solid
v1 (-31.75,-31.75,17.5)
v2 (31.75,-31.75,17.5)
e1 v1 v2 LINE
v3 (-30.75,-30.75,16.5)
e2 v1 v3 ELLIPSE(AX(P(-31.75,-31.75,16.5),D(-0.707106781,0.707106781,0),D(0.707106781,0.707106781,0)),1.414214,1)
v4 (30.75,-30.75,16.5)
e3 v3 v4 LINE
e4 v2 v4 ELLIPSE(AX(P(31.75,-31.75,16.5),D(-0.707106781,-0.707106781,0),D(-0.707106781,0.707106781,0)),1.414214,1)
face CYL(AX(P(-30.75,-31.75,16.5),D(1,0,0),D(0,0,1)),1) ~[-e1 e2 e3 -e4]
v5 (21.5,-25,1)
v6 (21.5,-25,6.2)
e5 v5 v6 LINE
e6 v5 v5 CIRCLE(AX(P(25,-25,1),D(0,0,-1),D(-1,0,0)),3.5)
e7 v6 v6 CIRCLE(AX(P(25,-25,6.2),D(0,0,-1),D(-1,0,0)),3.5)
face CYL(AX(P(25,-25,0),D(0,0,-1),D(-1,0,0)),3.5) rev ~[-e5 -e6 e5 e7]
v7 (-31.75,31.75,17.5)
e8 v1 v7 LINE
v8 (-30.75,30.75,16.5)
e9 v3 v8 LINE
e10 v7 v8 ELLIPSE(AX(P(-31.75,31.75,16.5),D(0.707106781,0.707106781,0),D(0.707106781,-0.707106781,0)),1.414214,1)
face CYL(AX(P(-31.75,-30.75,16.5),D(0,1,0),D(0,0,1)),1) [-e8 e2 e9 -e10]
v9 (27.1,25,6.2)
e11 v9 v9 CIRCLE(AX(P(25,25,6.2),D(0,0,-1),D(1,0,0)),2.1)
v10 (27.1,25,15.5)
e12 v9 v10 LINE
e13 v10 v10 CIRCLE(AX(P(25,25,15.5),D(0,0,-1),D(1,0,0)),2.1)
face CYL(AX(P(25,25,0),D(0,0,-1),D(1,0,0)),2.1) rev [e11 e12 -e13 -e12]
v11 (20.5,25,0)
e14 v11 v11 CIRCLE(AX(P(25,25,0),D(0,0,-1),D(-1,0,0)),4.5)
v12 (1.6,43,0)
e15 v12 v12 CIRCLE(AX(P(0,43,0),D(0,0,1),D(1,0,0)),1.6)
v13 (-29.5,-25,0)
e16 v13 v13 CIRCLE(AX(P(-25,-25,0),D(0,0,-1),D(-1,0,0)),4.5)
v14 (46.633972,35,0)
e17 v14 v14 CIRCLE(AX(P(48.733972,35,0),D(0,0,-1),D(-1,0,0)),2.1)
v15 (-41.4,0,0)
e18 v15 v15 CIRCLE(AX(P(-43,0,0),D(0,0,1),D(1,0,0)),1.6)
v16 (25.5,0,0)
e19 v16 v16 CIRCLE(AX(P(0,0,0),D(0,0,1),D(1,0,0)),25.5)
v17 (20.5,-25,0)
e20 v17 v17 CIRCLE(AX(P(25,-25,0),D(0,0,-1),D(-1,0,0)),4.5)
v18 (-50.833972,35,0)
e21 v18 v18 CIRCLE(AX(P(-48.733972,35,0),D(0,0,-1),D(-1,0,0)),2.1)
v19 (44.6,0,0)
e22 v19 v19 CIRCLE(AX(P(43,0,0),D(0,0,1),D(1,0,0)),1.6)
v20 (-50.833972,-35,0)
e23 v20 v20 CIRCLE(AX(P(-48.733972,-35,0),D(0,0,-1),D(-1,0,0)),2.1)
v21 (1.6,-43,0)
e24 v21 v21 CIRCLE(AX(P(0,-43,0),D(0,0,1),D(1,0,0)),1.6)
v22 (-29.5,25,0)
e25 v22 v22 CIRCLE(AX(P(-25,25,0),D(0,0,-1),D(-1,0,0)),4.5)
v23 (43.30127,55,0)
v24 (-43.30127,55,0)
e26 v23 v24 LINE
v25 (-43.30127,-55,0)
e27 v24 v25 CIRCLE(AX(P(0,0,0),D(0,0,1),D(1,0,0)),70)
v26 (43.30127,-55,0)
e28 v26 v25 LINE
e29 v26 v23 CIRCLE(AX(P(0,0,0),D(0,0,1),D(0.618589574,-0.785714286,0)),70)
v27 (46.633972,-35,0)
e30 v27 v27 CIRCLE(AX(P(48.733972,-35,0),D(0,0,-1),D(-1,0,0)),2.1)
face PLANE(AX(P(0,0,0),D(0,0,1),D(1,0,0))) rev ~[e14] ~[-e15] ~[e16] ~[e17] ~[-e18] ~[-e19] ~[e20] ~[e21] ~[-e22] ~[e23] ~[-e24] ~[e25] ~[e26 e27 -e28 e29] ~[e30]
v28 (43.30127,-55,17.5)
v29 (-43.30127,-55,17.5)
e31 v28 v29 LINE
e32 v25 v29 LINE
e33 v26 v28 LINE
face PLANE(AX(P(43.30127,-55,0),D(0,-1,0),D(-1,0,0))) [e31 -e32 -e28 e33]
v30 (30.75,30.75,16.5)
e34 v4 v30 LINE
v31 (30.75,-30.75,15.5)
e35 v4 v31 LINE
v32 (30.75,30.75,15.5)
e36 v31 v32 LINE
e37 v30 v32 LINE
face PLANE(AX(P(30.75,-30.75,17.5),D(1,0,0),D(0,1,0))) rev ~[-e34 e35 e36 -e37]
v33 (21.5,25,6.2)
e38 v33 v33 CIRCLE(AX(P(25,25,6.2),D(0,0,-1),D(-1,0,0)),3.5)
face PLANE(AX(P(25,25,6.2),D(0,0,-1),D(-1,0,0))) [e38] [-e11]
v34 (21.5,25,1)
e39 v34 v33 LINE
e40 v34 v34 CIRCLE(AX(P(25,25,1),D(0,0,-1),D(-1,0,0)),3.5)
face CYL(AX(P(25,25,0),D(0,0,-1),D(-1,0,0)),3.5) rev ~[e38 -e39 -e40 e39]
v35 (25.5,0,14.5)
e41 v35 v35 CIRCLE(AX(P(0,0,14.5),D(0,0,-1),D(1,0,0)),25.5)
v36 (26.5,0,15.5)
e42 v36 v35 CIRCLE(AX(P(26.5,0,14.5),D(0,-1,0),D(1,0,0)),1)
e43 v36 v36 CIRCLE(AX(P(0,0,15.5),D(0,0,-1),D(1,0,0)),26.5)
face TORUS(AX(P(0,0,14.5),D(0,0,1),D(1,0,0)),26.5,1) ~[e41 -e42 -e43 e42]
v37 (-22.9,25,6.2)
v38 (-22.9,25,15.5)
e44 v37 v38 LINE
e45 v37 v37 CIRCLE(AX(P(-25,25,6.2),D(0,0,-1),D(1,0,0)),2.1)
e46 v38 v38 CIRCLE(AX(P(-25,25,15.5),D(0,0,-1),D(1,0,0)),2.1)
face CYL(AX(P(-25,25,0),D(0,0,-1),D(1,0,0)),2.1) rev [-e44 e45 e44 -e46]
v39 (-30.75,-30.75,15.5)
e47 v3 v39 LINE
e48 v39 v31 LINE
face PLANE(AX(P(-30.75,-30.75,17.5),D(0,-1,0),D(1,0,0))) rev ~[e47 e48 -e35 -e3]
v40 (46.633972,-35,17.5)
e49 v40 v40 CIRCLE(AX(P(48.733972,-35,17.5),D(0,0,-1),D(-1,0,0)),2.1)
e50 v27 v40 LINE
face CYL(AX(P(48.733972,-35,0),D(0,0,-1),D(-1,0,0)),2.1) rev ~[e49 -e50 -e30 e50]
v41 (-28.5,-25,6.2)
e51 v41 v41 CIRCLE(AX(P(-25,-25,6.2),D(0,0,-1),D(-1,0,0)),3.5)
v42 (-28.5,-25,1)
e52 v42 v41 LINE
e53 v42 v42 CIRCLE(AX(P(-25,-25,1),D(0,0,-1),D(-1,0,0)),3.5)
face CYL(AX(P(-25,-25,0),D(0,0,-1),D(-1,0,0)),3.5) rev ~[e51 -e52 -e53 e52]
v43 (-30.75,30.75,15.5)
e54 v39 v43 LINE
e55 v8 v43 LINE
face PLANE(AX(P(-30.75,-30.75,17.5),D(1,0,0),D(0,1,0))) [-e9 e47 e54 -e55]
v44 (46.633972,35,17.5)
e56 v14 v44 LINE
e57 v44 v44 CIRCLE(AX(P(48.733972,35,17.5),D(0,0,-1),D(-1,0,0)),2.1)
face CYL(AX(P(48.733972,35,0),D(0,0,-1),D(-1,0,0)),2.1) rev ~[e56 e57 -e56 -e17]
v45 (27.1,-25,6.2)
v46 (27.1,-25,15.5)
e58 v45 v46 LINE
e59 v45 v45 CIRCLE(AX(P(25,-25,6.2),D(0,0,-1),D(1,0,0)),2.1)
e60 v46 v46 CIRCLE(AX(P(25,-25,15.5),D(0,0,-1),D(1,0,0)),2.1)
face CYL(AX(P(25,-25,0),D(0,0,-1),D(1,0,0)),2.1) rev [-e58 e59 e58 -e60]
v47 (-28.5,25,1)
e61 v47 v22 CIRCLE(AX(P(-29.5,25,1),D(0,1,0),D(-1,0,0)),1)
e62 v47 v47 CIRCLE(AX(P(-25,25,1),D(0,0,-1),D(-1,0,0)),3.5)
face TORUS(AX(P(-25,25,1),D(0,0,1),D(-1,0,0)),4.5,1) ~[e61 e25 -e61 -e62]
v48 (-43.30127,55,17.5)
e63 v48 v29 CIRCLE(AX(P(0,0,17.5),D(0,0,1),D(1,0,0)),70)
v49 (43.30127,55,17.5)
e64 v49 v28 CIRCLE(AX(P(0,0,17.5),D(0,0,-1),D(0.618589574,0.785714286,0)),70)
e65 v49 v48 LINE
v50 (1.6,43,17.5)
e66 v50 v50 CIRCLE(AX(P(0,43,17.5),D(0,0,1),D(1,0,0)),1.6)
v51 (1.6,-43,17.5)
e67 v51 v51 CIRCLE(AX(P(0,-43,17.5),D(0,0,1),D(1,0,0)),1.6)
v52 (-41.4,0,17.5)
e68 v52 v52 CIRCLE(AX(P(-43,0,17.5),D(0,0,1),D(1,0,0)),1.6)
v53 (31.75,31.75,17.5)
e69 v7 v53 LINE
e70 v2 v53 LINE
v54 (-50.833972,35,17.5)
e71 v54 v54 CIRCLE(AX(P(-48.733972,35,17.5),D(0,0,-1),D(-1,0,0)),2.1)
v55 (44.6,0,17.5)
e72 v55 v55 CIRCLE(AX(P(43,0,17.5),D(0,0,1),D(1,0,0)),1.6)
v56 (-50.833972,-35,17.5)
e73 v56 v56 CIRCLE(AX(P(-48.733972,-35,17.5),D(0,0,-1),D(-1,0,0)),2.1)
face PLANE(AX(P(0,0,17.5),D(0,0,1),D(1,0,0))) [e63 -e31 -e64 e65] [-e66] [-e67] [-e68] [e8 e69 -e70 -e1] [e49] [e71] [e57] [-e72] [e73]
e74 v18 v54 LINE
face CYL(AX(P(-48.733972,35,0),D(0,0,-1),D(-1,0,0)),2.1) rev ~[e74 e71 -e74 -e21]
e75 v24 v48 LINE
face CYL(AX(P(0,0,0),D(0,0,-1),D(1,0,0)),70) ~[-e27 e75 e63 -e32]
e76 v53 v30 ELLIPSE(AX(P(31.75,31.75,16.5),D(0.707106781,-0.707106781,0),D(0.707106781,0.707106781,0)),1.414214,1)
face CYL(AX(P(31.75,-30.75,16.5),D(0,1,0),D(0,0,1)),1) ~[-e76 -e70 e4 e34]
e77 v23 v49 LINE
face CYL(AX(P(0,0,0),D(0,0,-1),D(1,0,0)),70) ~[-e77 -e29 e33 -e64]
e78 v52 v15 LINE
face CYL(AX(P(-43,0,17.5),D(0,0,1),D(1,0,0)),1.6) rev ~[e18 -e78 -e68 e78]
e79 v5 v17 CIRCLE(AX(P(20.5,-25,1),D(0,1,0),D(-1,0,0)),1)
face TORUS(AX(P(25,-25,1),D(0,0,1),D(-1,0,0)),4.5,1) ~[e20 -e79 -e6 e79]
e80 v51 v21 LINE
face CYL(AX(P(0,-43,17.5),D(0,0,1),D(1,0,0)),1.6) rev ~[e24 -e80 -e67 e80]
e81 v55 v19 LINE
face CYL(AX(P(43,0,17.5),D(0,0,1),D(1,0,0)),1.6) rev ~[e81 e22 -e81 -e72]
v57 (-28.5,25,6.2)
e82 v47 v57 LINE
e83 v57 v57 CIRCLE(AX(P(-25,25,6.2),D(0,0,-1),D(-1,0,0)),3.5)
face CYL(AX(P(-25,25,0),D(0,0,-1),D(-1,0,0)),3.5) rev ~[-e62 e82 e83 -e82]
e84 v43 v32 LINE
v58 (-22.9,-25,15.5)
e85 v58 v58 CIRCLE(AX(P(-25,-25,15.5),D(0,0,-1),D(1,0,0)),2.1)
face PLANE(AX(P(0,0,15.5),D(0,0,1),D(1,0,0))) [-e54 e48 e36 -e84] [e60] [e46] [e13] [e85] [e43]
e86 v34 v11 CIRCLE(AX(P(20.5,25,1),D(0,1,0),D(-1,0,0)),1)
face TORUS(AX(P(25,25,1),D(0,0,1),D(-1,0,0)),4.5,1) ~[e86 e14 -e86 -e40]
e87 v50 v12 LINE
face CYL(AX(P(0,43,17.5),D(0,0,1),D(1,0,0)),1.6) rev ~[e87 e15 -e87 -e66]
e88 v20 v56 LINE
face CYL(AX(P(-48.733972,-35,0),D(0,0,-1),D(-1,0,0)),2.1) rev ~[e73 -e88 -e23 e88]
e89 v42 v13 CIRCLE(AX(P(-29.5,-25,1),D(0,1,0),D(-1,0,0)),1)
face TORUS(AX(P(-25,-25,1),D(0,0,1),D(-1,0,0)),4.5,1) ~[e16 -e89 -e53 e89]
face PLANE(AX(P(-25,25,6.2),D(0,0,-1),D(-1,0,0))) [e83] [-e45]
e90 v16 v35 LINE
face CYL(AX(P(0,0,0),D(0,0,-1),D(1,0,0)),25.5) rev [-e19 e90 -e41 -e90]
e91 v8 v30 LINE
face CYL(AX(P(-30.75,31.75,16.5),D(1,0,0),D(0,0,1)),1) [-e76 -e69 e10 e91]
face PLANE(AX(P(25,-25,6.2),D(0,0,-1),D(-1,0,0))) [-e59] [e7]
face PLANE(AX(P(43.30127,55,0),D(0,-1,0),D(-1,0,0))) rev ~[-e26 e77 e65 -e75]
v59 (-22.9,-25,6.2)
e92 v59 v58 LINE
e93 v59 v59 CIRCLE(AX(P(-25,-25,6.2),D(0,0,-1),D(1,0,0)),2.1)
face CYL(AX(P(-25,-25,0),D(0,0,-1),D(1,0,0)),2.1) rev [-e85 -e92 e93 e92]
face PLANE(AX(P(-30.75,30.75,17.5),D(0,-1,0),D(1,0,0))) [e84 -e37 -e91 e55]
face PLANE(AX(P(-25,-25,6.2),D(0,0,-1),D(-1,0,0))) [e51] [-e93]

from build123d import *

# Parameters (mm, degrees)
SKETCH1_R           = 70
SKETCH1_R_2         = 25.5
SKETCH1_R_3         = 2.1
BOSS_EXTRUDE1_DEPTH = 17.5
SKETCH2_W           = 61.5
SKETCH2_H           = 61.5
CUT_EXTRUDE1_DEPTH  = 2
SKETCH3_R           = 1.6
CUT_EXTRUDE2_DEPTH  = 101.529846314
SKETCH4_R           = 3.5
CUT_EXTRUDE3_DEPTH  = 6.2
SKETCH5_R           = 2.1
CUT_EXTRUDE4_DEPTH  = 17.5
FILLET1_R           = 1


with BuildPart() as part:
    # Sketch1 → Boss-Extrude1 (new body)
    with BuildSketch(Plane.XY):
        Circle(SKETCH1_R)
        Circle(SKETCH1_R_2, mode=Mode.SUBTRACT)
        with Locations((-25, 25)):
            Circle(SKETCH1_R_3, mode=Mode.SUBTRACT)
        with Locations((25, 25)):
            Circle(SKETCH1_R_3, mode=Mode.SUBTRACT)
        with Locations((25, -25)):
            Circle(SKETCH1_R_3, mode=Mode.SUBTRACT)
        with Locations((-25, -25)):
            Circle(SKETCH1_R_3, mode=Mode.SUBTRACT)
    extrude(amount=BOSS_EXTRUDE1_DEPTH)

    # Sketch2 → Cut-Extrude1 (cut)
    with BuildSketch(Plane.XY.offset(17.5)):
        Rectangle(SKETCH2_W, SKETCH2_H)
    extrude(amount=-CUT_EXTRUDE1_DEPTH, mode=Mode.SUBTRACT)

    # Sketch3 → Cut-Extrude2 (cut, through all)
    with BuildSketch(Plane.XY.offset(17.5)):
        with Locations((0, 43)):
            Circle(SKETCH3_R)
        with Locations((-43, 0)):
            Circle(SKETCH3_R)
        with Locations((43, 0)):
            Circle(SKETCH3_R)
        with Locations((0, -43)):
            Circle(SKETCH3_R)
    extrude(amount=-CUT_EXTRUDE2_DEPTH, mode=Mode.SUBTRACT)

    # Sketch4 → Cut-Extrude3 (cut)
    with BuildSketch(Plane(origin=(0, 0, 0), x_dir=(-1, 0, 0), z_dir=(0, 0, -1))):
        with Locations((-25, 25)):
            Circle(SKETCH4_R)
        with Locations((25, 25)):
            Circle(SKETCH4_R)
        with Locations((25, -25)):
            Circle(SKETCH4_R)
        with Locations((-25, -25)):
            Circle(SKETCH4_R)
    extrude(amount=-CUT_EXTRUDE3_DEPTH, mode=Mode.SUBTRACT)

    # Sketch5 → Cut-Extrude4 (cut)
    with BuildSketch(Plane(origin=(0, 0, 0), x_dir=(-1, 0, 0), z_dir=(0, 0, -1))):
        with Locations((-48.733971724, 35)):
            Circle(SKETCH5_R)
        with Locations((48.733971724, 35)):
            Circle(SKETCH5_R)
        with Locations((48.733971724, -35)):
            Circle(SKETCH5_R)
        with Locations((-48.733971724, -35)):
            Circle(SKETCH5_R)
        with BuildLine():
            Line((-43.301270189, -55), (43.301270189, -55))
            ThreePointArc((43.301270189, -55), (0, -70), (-43.301270189, -55))
        make_face()
        with BuildLine():
            Line((-43.301270189, 55), (43.301270189, 55))
            ThreePointArc((43.301270189, 55), (0, 70), (-43.301270189, 55))
        make_face()
    extrude(amount=-CUT_EXTRUDE4_DEPTH, mode=Mode.SUBTRACT)

    # Fillet1
    fillet1_edges = [part.edges().sort_by_distance(p)[0] for p in [
        (-25.5, 0, 15.5),
        (30.75, 0, 17.5),
        (0, 30.75, 17.5),
        (-30.75, 0, 17.5),
        (0, -30.75, 17.5),
        (28.5, 25, 0),
        (-21.5, 25, 0),
        (-21.5, -25, 0),
        (28.5, -25, 0),
    ]]
    fillet(fillet1_edges, radius=FILLET1_R)


solid = part.part
